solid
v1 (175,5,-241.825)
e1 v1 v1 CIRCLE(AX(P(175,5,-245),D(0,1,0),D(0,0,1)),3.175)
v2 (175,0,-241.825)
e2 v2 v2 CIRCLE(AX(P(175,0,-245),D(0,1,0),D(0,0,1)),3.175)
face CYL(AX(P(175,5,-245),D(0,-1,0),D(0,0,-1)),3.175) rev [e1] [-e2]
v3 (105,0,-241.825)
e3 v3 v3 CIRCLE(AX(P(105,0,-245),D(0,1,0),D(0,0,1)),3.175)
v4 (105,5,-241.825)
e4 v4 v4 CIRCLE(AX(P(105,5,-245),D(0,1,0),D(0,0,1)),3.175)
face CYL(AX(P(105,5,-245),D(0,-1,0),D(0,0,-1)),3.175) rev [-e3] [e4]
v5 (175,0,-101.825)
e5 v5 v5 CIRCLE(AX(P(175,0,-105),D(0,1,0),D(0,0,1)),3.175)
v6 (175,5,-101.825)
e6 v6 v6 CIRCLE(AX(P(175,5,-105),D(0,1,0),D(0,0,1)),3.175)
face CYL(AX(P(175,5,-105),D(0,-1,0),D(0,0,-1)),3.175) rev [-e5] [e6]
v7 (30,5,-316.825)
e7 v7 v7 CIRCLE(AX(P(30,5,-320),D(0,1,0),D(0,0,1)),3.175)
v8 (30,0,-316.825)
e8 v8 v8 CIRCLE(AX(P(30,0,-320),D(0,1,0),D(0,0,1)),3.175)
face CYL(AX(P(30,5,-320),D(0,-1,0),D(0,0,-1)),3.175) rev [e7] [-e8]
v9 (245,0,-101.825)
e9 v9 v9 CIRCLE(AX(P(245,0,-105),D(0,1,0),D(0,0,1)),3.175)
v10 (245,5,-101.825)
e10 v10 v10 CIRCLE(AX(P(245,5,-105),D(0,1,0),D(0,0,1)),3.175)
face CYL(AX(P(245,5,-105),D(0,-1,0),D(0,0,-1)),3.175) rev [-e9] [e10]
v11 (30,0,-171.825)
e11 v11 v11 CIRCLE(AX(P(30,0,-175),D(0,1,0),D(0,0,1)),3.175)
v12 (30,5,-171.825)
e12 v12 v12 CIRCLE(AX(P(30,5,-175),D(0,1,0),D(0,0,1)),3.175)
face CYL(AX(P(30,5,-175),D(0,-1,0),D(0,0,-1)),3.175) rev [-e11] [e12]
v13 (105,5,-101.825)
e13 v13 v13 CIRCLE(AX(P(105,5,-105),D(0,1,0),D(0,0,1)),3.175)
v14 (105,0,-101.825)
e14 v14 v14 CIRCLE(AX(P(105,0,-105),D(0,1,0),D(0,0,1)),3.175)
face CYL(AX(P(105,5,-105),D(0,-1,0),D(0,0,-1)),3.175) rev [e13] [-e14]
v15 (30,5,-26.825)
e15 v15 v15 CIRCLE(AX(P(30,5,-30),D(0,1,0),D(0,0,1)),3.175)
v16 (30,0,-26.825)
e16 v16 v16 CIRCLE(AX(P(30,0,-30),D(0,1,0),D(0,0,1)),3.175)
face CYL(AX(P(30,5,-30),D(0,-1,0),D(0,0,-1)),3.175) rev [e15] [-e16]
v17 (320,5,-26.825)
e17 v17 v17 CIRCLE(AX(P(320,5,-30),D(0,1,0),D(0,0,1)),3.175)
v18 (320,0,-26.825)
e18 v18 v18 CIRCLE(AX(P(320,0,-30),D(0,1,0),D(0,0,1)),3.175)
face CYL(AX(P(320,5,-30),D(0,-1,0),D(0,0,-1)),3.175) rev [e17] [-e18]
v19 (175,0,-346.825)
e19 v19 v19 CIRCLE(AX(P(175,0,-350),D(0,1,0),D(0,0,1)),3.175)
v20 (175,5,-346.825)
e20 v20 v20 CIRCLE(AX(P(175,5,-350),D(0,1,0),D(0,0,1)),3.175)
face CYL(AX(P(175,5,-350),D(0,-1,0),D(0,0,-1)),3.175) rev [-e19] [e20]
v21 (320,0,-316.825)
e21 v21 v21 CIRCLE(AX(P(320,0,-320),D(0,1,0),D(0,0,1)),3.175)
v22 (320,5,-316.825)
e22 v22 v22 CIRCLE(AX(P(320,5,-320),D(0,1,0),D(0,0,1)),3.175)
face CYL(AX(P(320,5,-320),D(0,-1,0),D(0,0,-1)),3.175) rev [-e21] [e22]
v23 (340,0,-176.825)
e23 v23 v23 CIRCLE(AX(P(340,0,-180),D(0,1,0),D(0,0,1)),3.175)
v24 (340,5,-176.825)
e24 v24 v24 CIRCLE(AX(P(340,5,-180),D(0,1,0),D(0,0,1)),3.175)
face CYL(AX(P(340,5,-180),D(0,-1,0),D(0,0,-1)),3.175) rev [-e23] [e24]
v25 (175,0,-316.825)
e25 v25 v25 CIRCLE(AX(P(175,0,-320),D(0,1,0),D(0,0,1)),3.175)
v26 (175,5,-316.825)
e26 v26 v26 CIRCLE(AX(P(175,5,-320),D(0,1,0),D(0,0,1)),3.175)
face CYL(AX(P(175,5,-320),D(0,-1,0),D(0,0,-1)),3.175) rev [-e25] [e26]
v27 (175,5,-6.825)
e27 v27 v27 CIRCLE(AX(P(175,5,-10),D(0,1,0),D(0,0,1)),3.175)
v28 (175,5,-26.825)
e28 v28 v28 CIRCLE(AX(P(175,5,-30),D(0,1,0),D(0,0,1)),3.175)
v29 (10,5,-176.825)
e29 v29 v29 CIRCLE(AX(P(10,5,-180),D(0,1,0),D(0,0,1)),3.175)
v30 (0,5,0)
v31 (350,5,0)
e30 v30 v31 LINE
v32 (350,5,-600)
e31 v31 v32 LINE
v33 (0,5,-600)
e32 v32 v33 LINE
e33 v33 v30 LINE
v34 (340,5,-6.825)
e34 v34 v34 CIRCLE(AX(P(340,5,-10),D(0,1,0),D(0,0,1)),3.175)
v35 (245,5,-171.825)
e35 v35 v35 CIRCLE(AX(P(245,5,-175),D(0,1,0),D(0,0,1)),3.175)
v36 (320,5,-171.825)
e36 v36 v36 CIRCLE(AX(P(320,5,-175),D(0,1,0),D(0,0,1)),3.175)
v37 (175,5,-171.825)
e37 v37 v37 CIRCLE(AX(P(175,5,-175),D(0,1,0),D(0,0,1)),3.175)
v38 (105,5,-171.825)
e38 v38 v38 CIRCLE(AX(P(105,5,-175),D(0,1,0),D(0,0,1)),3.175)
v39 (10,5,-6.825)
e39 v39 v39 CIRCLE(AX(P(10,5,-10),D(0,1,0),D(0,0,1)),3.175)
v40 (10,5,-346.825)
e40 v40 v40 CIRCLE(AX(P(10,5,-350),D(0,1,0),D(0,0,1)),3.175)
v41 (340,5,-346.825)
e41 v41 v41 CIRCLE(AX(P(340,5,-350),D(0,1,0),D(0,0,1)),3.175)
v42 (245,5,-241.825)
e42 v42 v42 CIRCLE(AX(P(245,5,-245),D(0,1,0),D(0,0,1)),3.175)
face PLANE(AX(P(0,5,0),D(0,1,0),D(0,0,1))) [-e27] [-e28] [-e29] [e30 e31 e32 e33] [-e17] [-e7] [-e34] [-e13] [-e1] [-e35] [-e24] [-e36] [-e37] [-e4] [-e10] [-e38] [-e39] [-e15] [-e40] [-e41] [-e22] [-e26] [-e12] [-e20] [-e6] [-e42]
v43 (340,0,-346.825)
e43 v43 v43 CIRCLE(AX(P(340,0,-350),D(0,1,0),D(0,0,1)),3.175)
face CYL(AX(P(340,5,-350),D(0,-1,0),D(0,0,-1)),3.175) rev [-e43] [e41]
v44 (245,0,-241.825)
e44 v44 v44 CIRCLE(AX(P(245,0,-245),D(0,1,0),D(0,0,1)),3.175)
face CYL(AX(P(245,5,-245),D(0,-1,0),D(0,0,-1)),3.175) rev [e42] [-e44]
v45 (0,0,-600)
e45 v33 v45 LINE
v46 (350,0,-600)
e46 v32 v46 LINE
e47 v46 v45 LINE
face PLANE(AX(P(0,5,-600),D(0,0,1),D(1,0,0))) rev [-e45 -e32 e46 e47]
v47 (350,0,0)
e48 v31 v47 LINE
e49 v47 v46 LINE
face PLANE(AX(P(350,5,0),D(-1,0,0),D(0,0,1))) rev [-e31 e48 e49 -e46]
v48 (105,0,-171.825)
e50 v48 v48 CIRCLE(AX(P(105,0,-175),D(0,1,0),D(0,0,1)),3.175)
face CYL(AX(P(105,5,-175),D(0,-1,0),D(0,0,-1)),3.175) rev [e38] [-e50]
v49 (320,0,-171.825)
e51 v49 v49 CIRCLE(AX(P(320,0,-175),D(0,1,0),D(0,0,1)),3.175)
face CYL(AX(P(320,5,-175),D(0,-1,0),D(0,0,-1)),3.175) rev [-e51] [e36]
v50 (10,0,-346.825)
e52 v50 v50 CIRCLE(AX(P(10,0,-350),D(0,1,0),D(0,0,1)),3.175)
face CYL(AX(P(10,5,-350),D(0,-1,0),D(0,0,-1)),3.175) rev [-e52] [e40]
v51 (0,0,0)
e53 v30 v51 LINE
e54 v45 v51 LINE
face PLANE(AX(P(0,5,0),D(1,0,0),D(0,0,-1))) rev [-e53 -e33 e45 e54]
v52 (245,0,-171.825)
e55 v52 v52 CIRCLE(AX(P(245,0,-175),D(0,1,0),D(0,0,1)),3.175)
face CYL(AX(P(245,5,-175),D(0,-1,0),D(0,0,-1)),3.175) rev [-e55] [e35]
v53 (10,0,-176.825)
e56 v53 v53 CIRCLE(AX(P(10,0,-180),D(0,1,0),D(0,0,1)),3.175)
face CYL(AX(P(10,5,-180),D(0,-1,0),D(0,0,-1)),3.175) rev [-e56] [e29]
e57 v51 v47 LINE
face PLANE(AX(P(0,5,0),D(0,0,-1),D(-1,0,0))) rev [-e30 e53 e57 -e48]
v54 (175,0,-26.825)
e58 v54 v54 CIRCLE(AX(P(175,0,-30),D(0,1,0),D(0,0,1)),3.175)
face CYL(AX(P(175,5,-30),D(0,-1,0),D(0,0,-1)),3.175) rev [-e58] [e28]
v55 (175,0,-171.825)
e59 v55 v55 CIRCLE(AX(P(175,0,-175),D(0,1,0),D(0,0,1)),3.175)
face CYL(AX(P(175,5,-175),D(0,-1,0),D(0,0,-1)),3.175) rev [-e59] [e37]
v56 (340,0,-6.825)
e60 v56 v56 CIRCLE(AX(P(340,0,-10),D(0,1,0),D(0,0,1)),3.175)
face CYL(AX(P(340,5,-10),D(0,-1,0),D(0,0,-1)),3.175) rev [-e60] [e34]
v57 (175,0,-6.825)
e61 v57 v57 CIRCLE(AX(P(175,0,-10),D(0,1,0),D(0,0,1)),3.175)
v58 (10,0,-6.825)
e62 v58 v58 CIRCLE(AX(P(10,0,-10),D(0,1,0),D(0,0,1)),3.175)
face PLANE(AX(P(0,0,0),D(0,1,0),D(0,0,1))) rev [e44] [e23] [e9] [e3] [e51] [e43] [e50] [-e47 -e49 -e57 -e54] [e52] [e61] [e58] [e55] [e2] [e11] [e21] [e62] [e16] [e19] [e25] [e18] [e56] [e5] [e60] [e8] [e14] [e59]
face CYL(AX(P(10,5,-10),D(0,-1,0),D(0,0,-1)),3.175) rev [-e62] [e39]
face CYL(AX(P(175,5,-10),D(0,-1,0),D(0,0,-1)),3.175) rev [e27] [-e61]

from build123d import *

# Parameters (mm, degrees)
ESQUISSE1_W        = 350
ESQUISSE1_H        = 600
ESQUISSE1_R        = 3.175
BOSS_EXTRU_1_DEPTH = 5


with BuildPart() as part:
    # Esquisse1 → Boss.-Extru.1 (new body)
    with BuildSketch(Plane(origin=(0, 0, 0), x_dir=(1, 0, 0), z_dir=(0, 1, 0))):
        with Locations((175, 300)):
            Rectangle(ESQUISSE1_W, ESQUISSE1_H)
        with Locations((10, 10)):
            Circle(ESQUISSE1_R, mode=Mode.SUBTRACT)
        with Locations((175, 10)):
            Circle(ESQUISSE1_R, mode=Mode.SUBTRACT)
        with Locations((340, 10)):
            Circle(ESQUISSE1_R, mode=Mode.SUBTRACT)
        with Locations((340, 350)):
            Circle(ESQUISSE1_R, mode=Mode.SUBTRACT)
        with Locations((340, 180)):
            Circle(ESQUISSE1_R, mode=Mode.SUBTRACT)
        with Locations((10, 180)):
            Circle(ESQUISSE1_R, mode=Mode.SUBTRACT)
        with Locations((10, 350)):
            Circle(ESQUISSE1_R, mode=Mode.SUBTRACT)
        with Locations((175, 350)):
            Circle(ESQUISSE1_R, mode=Mode.SUBTRACT)
        with Locations((320, 320)):
            Circle(ESQUISSE1_R, mode=Mode.SUBTRACT)
        with Locations((175, 320)):
            Circle(ESQUISSE1_R, mode=Mode.SUBTRACT)
        with Locations((30, 320)):
            Circle(ESQUISSE1_R, mode=Mode.SUBTRACT)
        with Locations((105, 245)):
            Circle(ESQUISSE1_R, mode=Mode.SUBTRACT)
        with Locations((175, 245)):
            Circle(ESQUISSE1_R, mode=Mode.SUBTRACT)
        with Locations((245, 245)):
            Circle(ESQUISSE1_R, mode=Mode.SUBTRACT)
        with Locations((175, 175)):
            Circle(ESQUISSE1_R, mode=Mode.SUBTRACT)
        with Locations((245, 175)):
            Circle(ESQUISSE1_R, mode=Mode.SUBTRACT)
        with Locations((320, 175)):
            Circle(ESQUISSE1_R, mode=Mode.SUBTRACT)
        with Locations((105, 175)):
            Circle(ESQUISSE1_R, mode=Mode.SUBTRACT)
        with Locations((30, 175)):
            Circle(ESQUISSE1_R, mode=Mode.SUBTRACT)
        with Locations((105, 105)):
            Circle(ESQUISSE1_R, mode=Mode.SUBTRACT)
        with Locations((175, 105)):
            Circle(ESQUISSE1_R, mode=Mode.SUBTRACT)
        with Locations((245, 105)):
            Circle(ESQUISSE1_R, mode=Mode.SUBTRACT)
        with Locations((320, 30)):
            Circle(ESQUISSE1_R, mode=Mode.SUBTRACT)
        with Locations((175, 30)):
            Circle(ESQUISSE1_R, mode=Mode.SUBTRACT)
        with Locations((30, 30)):
            Circle(ESQUISSE1_R, mode=Mode.SUBTRACT)
    extrude(amount=BOSS_EXTRU_1_DEPTH)


solid = part.part
